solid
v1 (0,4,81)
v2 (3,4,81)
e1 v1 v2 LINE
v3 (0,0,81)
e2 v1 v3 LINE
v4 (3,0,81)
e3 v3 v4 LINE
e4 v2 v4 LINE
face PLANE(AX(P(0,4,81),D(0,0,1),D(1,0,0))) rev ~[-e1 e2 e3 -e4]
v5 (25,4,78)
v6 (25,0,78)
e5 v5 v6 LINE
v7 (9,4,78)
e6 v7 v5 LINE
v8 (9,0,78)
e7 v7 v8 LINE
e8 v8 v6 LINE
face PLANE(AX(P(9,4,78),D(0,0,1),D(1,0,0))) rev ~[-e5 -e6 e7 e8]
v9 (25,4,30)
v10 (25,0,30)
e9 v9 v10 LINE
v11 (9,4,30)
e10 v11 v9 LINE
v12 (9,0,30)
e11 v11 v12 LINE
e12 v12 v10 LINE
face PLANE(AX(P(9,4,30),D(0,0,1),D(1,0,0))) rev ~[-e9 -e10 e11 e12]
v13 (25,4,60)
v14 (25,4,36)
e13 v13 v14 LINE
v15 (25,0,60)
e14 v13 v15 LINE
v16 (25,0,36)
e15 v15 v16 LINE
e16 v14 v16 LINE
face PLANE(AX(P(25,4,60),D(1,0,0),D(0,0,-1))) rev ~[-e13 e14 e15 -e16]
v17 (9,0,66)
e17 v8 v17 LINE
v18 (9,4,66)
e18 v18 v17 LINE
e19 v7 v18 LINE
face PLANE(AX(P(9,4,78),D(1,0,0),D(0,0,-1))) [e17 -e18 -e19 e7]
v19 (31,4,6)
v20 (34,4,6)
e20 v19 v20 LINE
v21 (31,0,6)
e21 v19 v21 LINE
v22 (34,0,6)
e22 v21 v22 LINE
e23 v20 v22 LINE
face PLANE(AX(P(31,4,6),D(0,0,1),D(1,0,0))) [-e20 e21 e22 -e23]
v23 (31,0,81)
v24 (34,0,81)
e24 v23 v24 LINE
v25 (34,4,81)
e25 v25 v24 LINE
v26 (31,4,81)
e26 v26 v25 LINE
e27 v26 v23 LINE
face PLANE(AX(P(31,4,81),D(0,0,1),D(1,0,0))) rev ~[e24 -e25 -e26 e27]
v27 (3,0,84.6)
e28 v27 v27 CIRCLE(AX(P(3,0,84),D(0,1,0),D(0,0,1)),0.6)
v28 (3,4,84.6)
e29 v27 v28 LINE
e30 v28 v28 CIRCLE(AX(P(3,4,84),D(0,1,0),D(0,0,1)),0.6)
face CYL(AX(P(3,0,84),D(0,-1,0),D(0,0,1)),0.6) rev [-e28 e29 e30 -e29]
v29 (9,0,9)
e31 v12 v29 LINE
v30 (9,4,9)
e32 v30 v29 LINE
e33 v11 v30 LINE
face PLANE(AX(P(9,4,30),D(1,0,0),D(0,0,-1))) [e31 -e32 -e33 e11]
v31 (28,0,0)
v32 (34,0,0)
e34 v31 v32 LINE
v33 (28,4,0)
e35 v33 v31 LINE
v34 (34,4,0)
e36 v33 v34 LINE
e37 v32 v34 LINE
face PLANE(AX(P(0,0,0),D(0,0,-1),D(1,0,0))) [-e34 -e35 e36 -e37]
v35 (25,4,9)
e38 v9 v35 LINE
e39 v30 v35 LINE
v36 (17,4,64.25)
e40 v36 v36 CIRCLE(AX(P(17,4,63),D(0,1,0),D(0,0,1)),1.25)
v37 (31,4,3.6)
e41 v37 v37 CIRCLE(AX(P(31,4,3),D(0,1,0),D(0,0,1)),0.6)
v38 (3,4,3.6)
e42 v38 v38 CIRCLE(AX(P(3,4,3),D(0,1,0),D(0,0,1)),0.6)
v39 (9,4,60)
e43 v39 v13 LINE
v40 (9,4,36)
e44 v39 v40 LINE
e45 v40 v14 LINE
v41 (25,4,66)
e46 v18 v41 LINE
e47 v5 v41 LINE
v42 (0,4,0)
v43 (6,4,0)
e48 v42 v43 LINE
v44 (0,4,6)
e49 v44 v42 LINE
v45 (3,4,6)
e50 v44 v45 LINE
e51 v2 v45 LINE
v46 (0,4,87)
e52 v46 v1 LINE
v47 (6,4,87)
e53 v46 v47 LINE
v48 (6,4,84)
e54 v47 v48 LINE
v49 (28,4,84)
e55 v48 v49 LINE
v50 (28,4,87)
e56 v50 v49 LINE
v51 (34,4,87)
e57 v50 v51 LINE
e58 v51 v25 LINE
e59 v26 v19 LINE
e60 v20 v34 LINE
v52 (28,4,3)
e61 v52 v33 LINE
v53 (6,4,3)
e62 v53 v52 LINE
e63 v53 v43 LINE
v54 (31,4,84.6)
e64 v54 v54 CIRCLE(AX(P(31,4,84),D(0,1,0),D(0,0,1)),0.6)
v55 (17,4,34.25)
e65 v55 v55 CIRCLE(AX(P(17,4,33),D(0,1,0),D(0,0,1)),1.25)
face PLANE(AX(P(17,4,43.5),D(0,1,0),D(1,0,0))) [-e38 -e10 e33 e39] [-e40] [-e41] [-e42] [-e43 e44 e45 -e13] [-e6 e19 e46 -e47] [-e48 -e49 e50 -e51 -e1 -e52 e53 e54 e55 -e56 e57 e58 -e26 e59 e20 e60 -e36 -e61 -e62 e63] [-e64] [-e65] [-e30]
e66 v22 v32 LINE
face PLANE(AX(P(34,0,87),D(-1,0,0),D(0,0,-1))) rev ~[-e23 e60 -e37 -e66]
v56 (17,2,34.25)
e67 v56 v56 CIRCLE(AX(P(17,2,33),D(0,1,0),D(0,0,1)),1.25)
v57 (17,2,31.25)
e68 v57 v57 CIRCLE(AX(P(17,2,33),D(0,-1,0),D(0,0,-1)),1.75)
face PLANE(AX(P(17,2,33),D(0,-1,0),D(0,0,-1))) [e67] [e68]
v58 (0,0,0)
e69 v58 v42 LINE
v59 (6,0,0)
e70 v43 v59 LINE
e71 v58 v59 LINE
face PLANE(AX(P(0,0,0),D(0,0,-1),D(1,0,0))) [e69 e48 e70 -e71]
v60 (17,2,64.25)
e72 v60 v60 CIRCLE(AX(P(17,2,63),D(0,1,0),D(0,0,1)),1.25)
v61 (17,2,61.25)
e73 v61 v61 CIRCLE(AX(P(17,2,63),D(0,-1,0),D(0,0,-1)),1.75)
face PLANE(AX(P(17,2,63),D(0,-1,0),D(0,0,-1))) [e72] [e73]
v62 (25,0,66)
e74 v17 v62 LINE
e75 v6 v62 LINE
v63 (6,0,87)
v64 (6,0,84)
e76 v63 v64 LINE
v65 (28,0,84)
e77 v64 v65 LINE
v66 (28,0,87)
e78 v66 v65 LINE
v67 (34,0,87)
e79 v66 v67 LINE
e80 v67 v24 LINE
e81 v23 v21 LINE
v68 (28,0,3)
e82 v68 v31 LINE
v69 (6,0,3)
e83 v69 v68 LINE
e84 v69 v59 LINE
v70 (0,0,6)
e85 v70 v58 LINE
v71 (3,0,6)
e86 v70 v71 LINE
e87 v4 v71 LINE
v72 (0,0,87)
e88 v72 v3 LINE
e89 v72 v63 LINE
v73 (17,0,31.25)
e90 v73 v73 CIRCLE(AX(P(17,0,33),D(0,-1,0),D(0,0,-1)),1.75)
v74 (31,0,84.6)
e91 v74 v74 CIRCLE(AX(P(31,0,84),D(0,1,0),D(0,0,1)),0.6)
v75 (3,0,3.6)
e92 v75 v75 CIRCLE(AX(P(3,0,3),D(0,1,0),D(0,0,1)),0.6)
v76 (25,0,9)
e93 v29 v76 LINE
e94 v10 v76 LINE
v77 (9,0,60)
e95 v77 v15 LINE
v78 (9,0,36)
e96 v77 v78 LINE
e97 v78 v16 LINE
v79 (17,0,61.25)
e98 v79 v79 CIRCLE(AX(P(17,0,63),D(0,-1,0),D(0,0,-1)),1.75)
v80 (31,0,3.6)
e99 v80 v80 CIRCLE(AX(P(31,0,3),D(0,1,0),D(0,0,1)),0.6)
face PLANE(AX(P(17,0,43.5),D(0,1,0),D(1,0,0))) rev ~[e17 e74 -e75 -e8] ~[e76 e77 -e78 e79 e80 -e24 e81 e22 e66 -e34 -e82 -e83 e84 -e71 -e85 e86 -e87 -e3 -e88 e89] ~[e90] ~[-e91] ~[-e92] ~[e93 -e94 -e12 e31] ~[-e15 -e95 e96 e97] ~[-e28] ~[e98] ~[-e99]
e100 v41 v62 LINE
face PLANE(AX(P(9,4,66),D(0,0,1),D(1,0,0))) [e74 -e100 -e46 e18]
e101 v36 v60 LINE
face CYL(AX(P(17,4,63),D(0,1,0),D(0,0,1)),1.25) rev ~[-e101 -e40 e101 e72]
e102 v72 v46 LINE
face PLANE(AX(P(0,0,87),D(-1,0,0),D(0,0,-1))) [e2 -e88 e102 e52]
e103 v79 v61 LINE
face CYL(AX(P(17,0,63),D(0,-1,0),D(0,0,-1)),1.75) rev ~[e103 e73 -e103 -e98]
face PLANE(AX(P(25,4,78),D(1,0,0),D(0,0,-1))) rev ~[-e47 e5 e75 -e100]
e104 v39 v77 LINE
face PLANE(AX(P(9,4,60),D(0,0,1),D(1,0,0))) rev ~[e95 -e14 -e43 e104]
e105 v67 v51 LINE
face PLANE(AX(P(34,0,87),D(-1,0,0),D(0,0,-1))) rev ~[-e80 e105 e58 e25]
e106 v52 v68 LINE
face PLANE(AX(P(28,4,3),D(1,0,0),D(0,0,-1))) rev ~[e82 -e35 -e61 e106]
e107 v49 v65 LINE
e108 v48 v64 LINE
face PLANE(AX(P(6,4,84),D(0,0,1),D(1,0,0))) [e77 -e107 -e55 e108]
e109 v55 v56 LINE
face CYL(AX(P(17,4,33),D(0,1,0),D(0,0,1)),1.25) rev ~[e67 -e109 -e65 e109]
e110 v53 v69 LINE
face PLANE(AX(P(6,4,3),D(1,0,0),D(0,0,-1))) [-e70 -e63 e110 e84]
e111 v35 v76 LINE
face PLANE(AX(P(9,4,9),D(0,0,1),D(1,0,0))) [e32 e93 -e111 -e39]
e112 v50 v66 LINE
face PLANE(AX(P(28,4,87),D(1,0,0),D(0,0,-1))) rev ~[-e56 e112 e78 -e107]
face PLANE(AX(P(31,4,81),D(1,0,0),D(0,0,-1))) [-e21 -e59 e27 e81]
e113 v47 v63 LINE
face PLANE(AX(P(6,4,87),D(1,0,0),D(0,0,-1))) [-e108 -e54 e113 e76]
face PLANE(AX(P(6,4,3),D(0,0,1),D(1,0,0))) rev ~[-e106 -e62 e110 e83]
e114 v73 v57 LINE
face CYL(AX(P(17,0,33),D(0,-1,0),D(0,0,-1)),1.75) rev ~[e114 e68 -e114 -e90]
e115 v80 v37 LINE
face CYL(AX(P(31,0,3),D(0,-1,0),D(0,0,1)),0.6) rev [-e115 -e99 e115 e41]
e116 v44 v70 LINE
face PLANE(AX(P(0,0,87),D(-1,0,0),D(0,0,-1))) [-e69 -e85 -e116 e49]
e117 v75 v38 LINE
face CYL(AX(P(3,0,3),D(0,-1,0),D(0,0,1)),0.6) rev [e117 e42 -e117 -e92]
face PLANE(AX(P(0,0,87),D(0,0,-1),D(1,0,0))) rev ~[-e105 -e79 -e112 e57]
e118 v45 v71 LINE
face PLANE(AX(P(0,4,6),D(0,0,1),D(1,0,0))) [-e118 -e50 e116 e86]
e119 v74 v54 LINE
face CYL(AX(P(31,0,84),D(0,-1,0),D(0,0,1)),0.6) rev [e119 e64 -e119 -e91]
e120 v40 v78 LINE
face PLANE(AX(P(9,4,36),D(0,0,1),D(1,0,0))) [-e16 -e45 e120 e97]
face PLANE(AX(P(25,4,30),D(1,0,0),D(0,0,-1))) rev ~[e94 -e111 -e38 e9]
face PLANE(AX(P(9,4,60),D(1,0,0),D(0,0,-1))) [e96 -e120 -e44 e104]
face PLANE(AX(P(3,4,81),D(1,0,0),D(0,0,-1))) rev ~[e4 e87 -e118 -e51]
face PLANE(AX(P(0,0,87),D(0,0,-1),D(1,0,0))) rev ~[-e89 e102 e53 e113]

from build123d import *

# Parameters (mm, degrees)
SKETCH_1_W          = 34
SKETCH_1_H          = 87
SKETCH_1_R          = 0.6
EXTRUDE_1_DEPTH     = 4
SKETCH_2_W          = 22
SKETCH_2_H          = 3
SKETCH_2_W_2        = 3
SKETCH_2_H_2        = 75
SKETCH_2_W_3        = 16
SKETCH_2_H_3        = 21
SKETCH_2_R          = 1.25
SKETCH_2_H_4        = 12
SKETCH_2_H_5        = 24
CUT_EXTRUDE_1_DEPTH = 94.493315269
SKETCH_3_R          = 1.75
CUT_EXTRUDE_2_DEPTH = 2


with BuildPart() as part:
    # 草图1 → 凸台-拉伸1 (new body)
    with BuildSketch(Plane(origin=(0, 0, 0), x_dir=(1, 0, 0), z_dir=(0, 1, 0))):
        with Locations((17, -43.5)):
            Rectangle(SKETCH_1_W, SKETCH_1_H)
        with Locations(Location((3, -3, 0), (0, 0, 270))):
            Circle(SKETCH_1_R, mode=Mode.SUBTRACT)
        with Locations(Location((31, -3, 0), (0, 0, 270))):
            Circle(SKETCH_1_R, mode=Mode.SUBTRACT)
        with Locations(Location((31, -84, 0), (0, 0, 270))):
            Circle(SKETCH_1_R, mode=Mode.SUBTRACT)
        with Locations(Location((3, -84, 0), (0, 0, 270))):
            Circle(SKETCH_1_R, mode=Mode.SUBTRACT)
    extrude(amount=EXTRUDE_1_DEPTH)

    # 草图2 → 切除-拉伸1 (cut, through all)
    with BuildSketch(Plane(origin=(0, 4, 0), x_dir=(1, 0, 0), z_dir=(0, 1, 0))):
        with Locations((17, -1.5)):
            Rectangle(SKETCH_2_W, SKETCH_2_H)
        with Locations((1.5, -43.5)):
            Rectangle(SKETCH_2_W_2, SKETCH_2_H_2)
        with Locations((32.5, -43.5)):
            Rectangle(SKETCH_2_W_2, SKETCH_2_H_2)
        with Locations((17, -85.5)):
            Rectangle(SKETCH_2_W, SKETCH_2_H)
        with Locations((17, -19.5)):
            Rectangle(SKETCH_2_W_3, SKETCH_2_H_3)
        with Locations(Location((17, -33, 0), (0, 0, 270))):
            Circle(SKETCH_2_R)
        with Locations((17, -72)):
            Rectangle(SKETCH_2_W_3, SKETCH_2_H_4)
        with Locations(Location((17, -63, 0), (0, 0, 270))):
            Circle(SKETCH_2_R)
        with Locations((17, -48)):
            Rectangle(SKETCH_2_W_3, SKETCH_2_H_5)
    extrude(amount=-CUT_EXTRUDE_1_DEPTH, mode=Mode.SUBTRACT)

    # 草图3 → 切除-拉伸2 (cut)
    with BuildSketch(Plane.XZ):
        with Locations(Location((17, 63, 0), (0, 0, 270))):
            Circle(SKETCH_3_R)
        with Locations(Location((17, 33, 0), (0, 0, 270))):
            Circle(SKETCH_3_R)
    extrude(amount=-CUT_EXTRUDE_2_DEPTH, mode=Mode.SUBTRACT)


solid = part.part
